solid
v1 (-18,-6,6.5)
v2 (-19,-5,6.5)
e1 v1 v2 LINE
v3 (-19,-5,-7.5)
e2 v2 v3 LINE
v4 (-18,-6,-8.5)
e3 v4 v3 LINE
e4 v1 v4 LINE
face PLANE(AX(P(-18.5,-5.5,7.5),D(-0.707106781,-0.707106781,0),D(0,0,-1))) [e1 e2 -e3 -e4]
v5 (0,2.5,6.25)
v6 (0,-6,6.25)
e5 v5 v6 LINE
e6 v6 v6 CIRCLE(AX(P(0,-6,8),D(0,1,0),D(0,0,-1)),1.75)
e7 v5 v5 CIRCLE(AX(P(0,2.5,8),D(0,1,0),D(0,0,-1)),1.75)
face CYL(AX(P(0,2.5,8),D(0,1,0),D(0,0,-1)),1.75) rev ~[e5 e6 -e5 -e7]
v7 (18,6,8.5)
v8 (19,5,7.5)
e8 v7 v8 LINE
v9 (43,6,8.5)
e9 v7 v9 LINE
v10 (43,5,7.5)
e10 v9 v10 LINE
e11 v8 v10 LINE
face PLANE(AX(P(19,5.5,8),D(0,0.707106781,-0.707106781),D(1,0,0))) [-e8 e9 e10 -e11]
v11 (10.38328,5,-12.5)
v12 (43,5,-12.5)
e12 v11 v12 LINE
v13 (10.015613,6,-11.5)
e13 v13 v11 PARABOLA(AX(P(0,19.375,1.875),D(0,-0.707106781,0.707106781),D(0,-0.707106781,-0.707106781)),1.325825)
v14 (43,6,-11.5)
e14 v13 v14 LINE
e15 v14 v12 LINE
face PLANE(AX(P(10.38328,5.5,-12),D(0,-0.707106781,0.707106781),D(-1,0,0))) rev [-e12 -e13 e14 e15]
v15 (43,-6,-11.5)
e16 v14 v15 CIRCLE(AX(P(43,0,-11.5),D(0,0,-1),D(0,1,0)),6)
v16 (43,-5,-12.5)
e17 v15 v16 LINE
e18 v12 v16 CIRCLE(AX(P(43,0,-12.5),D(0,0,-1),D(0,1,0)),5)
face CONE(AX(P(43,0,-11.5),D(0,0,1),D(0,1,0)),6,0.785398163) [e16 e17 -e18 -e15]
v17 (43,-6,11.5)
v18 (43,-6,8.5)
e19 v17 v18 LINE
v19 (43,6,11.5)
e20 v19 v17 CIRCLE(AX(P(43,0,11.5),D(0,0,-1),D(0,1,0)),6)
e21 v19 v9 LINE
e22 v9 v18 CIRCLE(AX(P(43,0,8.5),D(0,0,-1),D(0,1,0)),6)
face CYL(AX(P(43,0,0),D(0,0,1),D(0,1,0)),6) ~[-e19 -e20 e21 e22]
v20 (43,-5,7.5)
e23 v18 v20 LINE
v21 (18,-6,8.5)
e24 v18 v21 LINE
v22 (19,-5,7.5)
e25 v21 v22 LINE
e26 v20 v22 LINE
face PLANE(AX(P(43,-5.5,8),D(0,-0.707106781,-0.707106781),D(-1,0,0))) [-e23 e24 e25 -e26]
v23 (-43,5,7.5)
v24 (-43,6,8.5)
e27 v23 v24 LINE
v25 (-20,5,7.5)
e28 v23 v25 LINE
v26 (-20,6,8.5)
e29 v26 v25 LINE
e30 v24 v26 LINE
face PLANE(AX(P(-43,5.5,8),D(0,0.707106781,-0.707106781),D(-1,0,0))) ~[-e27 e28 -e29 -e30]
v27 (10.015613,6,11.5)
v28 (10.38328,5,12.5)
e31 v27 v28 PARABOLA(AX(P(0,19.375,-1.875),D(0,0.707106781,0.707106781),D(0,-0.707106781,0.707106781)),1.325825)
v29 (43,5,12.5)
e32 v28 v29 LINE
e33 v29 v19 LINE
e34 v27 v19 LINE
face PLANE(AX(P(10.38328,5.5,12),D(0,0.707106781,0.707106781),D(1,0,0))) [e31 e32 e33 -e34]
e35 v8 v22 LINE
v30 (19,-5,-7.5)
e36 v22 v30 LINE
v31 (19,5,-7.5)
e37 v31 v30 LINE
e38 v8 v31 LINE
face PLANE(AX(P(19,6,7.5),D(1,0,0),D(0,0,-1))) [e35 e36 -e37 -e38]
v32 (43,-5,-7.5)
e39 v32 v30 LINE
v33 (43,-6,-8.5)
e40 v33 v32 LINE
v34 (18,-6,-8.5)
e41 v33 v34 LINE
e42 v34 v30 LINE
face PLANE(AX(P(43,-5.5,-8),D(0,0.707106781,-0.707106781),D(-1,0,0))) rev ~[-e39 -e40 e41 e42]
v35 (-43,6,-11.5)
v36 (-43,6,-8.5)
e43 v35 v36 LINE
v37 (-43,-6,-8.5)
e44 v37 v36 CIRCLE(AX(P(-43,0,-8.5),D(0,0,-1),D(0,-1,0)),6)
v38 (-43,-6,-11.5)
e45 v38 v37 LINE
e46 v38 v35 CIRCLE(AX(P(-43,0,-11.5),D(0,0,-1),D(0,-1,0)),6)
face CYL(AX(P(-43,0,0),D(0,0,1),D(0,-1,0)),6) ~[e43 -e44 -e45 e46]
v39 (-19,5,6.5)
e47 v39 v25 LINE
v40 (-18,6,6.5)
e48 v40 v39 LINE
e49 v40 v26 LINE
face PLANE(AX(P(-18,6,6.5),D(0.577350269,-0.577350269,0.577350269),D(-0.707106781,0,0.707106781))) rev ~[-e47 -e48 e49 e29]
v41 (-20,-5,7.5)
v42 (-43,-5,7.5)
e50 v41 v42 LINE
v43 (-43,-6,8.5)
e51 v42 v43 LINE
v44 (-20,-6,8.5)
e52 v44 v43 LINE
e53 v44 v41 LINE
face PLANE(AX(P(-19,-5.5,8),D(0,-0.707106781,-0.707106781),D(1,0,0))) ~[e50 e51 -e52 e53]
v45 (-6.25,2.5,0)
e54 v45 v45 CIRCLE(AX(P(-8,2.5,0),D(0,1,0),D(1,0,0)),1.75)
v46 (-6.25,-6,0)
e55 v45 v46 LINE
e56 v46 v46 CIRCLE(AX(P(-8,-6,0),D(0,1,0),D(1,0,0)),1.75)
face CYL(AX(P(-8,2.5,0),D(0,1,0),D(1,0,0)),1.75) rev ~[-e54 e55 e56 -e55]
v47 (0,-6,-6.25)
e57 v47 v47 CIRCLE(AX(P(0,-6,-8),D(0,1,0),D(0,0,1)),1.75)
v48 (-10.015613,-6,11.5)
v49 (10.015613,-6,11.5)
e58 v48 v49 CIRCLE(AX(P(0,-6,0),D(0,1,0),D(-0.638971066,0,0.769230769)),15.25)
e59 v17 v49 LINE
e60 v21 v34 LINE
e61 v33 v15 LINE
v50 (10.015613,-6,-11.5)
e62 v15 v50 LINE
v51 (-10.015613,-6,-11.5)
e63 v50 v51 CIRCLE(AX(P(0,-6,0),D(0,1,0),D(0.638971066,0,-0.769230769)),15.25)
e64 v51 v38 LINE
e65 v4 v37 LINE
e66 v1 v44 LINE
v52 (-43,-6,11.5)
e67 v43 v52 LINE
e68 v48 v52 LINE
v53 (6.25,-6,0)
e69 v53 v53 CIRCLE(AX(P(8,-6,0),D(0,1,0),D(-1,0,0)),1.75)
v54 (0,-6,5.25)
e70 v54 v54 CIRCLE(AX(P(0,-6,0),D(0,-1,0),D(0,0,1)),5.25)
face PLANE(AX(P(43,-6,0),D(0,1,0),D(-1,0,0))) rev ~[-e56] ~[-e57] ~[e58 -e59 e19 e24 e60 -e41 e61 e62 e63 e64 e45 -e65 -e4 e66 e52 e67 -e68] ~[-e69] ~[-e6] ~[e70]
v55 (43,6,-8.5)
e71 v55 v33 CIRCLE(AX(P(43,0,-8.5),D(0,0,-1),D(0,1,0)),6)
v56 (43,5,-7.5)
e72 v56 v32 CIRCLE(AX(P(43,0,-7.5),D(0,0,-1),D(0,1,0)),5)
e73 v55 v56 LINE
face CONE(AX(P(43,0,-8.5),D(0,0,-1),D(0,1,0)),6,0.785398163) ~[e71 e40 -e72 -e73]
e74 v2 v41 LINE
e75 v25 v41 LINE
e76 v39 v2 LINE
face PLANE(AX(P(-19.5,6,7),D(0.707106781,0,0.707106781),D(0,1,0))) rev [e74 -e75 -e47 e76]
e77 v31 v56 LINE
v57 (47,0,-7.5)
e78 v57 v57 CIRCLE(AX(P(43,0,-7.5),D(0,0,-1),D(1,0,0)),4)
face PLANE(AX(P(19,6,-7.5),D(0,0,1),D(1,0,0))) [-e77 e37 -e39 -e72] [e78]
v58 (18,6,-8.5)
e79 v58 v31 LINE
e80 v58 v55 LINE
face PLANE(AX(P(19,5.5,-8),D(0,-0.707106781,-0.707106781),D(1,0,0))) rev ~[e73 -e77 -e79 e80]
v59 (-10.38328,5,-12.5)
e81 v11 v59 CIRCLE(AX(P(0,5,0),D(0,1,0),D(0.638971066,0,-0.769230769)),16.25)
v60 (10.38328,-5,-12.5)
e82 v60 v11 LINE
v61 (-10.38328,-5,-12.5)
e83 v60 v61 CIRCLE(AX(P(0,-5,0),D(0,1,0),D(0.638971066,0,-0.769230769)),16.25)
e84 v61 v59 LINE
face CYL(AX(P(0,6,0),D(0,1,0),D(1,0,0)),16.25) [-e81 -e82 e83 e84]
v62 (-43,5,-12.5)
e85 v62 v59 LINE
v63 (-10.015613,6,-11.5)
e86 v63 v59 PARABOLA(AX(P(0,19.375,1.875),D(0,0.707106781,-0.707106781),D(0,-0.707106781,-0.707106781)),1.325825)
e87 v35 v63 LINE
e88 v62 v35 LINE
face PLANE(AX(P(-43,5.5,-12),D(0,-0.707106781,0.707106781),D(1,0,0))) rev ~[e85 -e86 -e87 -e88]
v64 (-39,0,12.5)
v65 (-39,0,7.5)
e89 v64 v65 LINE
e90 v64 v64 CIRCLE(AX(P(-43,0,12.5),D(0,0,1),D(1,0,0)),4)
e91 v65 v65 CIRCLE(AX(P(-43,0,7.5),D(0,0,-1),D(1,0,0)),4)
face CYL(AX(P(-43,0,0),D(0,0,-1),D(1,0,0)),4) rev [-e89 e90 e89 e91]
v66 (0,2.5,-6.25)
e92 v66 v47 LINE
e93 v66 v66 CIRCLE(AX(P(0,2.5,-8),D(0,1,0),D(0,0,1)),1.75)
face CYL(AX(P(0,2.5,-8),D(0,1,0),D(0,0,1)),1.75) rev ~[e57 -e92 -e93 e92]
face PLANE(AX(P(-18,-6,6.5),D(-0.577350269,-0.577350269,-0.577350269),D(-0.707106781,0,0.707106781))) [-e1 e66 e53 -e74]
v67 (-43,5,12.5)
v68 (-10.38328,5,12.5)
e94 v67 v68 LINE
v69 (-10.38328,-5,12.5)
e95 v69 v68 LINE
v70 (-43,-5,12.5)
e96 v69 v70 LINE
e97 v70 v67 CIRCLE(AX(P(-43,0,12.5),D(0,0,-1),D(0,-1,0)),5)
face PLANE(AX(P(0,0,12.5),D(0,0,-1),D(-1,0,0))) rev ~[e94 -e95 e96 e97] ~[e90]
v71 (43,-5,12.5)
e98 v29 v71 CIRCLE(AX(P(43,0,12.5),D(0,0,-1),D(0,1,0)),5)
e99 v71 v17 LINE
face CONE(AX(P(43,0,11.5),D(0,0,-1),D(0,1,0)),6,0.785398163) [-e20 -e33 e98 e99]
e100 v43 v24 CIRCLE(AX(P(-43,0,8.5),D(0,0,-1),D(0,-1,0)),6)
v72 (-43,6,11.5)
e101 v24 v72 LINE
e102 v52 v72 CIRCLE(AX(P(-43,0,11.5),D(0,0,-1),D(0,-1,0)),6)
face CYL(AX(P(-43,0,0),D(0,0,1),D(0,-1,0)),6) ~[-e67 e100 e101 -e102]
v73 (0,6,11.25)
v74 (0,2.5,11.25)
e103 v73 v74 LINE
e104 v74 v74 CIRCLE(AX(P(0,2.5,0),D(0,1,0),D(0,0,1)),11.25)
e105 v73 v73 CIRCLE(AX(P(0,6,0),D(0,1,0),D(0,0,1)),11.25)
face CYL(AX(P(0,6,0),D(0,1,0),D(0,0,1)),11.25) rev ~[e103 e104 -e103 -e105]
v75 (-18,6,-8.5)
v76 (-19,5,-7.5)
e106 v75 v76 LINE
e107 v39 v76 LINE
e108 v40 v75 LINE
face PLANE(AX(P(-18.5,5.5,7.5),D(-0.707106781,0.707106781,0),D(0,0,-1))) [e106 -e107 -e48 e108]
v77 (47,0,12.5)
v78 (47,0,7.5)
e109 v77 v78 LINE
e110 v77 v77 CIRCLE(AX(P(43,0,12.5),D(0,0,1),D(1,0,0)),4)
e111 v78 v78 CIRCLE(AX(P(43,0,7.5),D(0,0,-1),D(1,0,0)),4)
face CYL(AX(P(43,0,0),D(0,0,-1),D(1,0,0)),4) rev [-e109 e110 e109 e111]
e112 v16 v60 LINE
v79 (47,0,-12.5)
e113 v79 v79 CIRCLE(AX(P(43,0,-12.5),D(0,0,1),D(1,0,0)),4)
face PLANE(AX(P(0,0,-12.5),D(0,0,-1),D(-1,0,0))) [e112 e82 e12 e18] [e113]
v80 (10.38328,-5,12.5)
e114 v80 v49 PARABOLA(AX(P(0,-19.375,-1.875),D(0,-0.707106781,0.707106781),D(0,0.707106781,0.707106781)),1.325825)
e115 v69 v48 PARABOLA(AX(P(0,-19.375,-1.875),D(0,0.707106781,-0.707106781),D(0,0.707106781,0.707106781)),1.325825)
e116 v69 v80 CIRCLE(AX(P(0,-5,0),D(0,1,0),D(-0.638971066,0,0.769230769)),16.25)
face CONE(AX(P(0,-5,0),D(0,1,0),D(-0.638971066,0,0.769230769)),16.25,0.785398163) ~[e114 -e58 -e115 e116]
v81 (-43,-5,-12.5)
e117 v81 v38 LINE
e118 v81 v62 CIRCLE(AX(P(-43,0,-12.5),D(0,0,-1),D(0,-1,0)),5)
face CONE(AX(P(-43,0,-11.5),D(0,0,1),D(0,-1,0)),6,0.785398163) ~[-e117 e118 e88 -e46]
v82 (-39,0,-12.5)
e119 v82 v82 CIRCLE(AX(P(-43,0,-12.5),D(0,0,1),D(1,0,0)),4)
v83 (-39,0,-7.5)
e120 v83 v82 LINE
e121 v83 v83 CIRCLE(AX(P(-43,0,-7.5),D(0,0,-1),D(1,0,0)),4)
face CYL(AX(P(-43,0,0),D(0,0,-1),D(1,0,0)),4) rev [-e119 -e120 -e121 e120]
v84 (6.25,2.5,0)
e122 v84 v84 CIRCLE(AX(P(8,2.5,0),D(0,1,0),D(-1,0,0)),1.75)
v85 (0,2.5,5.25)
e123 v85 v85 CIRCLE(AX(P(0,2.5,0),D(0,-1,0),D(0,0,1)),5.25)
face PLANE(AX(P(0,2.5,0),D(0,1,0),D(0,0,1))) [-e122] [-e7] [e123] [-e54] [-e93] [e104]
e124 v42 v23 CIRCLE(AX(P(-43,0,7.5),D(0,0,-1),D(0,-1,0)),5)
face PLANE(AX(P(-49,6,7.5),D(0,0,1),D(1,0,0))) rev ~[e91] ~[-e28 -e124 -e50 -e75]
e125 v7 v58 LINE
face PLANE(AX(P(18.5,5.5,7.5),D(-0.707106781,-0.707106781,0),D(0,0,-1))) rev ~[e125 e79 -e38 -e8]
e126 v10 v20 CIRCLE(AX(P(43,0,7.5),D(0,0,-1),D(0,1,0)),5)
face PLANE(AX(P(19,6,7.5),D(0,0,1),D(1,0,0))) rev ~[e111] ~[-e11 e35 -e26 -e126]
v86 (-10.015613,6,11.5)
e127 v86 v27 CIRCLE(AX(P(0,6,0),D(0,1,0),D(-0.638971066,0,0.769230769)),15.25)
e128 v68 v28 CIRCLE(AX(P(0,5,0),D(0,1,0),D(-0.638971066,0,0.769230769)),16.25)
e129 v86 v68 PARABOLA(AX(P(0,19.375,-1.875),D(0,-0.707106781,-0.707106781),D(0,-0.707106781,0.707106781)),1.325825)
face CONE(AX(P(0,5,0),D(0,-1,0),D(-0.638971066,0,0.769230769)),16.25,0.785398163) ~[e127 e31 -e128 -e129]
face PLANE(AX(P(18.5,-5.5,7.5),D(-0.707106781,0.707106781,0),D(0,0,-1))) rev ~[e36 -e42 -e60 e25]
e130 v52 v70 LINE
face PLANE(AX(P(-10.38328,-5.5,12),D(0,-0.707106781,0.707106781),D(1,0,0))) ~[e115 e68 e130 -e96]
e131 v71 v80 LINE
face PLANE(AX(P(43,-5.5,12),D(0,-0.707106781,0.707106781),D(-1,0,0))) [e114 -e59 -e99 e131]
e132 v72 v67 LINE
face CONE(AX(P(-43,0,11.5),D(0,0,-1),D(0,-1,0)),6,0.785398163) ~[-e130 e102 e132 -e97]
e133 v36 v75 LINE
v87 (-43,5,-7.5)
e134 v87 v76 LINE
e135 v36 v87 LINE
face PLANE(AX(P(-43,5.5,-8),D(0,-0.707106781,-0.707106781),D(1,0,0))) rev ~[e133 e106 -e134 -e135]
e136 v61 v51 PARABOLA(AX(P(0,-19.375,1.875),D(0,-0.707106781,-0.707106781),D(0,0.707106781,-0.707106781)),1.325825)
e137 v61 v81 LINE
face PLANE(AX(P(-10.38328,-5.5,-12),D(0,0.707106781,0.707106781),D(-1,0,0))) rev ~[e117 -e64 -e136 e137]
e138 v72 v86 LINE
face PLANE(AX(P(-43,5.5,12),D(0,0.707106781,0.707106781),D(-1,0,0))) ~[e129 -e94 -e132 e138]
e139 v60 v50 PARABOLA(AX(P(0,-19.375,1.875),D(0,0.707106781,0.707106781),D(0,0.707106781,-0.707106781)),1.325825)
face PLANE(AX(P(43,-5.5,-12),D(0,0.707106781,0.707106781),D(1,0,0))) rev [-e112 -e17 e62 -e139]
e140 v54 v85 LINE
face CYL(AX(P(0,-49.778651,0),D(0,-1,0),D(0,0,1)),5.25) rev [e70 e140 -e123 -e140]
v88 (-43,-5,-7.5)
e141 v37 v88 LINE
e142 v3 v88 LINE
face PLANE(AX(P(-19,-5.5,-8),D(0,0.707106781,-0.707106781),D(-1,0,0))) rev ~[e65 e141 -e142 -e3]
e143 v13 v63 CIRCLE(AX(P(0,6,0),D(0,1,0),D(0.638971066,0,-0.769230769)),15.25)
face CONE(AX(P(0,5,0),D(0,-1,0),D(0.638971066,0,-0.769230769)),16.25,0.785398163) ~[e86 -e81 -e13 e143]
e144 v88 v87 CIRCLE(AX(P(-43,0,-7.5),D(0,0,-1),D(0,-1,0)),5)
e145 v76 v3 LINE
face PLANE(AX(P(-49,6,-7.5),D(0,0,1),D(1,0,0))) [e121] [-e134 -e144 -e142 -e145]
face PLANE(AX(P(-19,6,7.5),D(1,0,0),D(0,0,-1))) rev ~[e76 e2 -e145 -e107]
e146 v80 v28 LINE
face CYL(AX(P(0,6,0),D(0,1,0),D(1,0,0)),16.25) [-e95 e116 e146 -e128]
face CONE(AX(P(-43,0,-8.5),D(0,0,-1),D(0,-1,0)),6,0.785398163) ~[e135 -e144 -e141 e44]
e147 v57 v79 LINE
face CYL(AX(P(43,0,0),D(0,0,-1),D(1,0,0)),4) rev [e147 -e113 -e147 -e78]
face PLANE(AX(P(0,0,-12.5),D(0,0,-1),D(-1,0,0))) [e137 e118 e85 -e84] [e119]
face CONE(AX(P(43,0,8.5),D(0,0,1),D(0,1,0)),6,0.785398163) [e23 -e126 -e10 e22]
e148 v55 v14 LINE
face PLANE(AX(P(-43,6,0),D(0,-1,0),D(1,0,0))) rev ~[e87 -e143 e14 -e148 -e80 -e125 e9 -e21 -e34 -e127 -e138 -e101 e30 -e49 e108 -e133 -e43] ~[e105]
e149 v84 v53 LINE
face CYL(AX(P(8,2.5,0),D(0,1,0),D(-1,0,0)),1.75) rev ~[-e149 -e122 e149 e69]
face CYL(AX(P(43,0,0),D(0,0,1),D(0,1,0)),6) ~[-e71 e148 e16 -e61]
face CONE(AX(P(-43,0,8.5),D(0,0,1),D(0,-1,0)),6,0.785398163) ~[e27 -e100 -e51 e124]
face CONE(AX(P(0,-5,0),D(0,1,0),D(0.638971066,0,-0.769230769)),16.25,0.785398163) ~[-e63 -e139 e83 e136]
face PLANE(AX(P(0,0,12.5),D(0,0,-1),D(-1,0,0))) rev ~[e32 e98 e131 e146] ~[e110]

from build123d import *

# Parameters (mm, degrees)
CROQUIS1_R                 = 4
SALIENTE_EXTRUIR1_DEPTH    = 12.5
CROQUIS2_W                 = 30
CROQUIS2_H                 = 15
CORTAR_EXTRUIR1_DEPTH      = 52.973550966
CROQUIS3_R                 = 4
CORTAR_EXTRUIR2_DEPTH      = 52.973550966
CROQUIS4_R                 = 11.25
CORTAR_EXTRUIR3_DEPTH      = 3.5
CORTAR_EXTRUIR4_DEPTH      = 52.278650528
CORTAR_EXTRUIR4_DEPTH_BACK = 52.278650528
CROQUIS5_R                 = 5.25
CROQUIS6_R                 = 16.25
CROQUIS6_R_2               = 11.25
SALIENTE_EXTRUIR2_DEPTH    = 12
CHAFL_N1_SIZE              = 1
SKETCH1_R                  = 1.75
CUT_EXTRUDE1_DEPTH         = 10
CIRPATTERN1_COUNT          = 4


with BuildPart() as part:
    # Croquis1 → Saliente-Extruir1 (new, symmetric)
    with BuildSketch(Plane.XY):
        with BuildLine():
            Line((-43, 6), (43, 6))
            ThreePointArc((43, 6), (49, 0), (43, -6))
            Line((43, -6), (-43, -6))
            ThreePointArc((-43, -6), (-49, 0), (-43, 6))
        make_face()
        with Locations((-43, 0)):
            Circle(CROQUIS1_R, mode=Mode.SUBTRACT)
        with Locations((43, 0)):
            Circle(CROQUIS1_R, mode=Mode.SUBTRACT)
    extrude(amount=SALIENTE_EXTRUIR1_DEPTH, both=True)

    # Croquis2 → Cortar-Extruir1 (cut, through all)
    with BuildSketch(Plane(origin=(0, 6, 0), x_dir=(1, 0, 0), z_dir=(0, 1, 0))):
        with Locations((-34, 0)):
            Rectangle(CROQUIS2_W, CROQUIS2_H)
        with Locations((34, 0)):
            Rectangle(CROQUIS2_W, CROQUIS2_H)
    extrude(amount=-CORTAR_EXTRUIR1_DEPTH, mode=Mode.SUBTRACT)

    # Croquis3 → Cortar-Extruir2 (cut, through all)
    with BuildSketch(Plane(origin=(0, 6, 0), x_dir=(1, 0, 0), z_dir=(0, 1, 0))):
        with Locations(Location((0, 0, 0), (0, 0, 270))):
            Circle(CROQUIS3_R)
    extrude(amount=-CORTAR_EXTRUIR2_DEPTH, mode=Mode.SUBTRACT)

    # Croquis4 → Cortar-Extruir3 (cut)
    with BuildSketch(Plane(origin=(0, 6, 0), x_dir=(1, 0, 0), z_dir=(0, 1, 0))):
        with Locations(Location((0, 0, 0), (0, 0, 270))):
            Circle(CROQUIS4_R)
    extrude(amount=-CORTAR_EXTRUIR3_DEPTH, mode=Mode.SUBTRACT)

    # Croquis5 → Cortar-Extruir4 (cut, two sides: drawn at the far end of the back side and taken through both)
    with BuildSketch(Plane(origin=(0, 2.5, 0), x_dir=(1, 0, 0), z_dir=(0, 1, 0)).offset(-CORTAR_EXTRUIR4_DEPTH_BACK)):
        with Locations(Location((0, 0, 0), (0, 0, 270))):
            Circle(CROQUIS5_R)
    extrude(amount=CORTAR_EXTRUIR4_DEPTH + CORTAR_EXTRUIR4_DEPTH_BACK, mode=Mode.SUBTRACT)

    # Croquis6 → Saliente-Extruir2 (add)
    with BuildSketch(Plane(origin=(0, 6, 0), x_dir=(1, 0, 0), z_dir=(0, 1, 0))):
        Circle(CROQUIS6_R)
        with Locations(Location((0, 0, 0), (0, 0, 270))):
            Circle(CROQUIS6_R_2, mode=Mode.SUBTRACT)
    extrude(amount=-SALIENTE_EXTRUIR2_DEPTH)

    # Chaflán1
    chafl_n1_edges = [part.edges().sort_by_distance(p)[0] for p in [
        (0, -6, -16.25),
        (0, 6, -16.25),
        (0, 6, 16.25),
        (0, -6, 16.25),
        (49, 0, 12.5),
        (26.691639914, 6, 12.5),
        (-49, 0, -7.5),
        (-31, -6, -7.5),
        (-49, 0, 7.5),
        (-31, -6, 7.5),
        (-19, 0, 7.5),
        (-19, -6, 0),
        (-31, 6, 7.5),
        (-19, 6, 0),
        (-31, 6, -7.5),
        (-49, 0, 12.5),
        (26.691639914, 6, -12.5),
        (31, 6, 7.5),
        (31, 6, -7.5),
        (19, 6, 0),
        (49, 0, -7.5),
        (31, -6, -7.5),
        (49, 0, 7.5),
        (31, -6, 7.5),
        (49, 0, -12.5),
        (19, -6, 0),
        (-26.691639914, -6, -12.5),
        (-49, 0, -12.5),
        (-26.691639914, -6, 12.5),
        (-26.691639914, 6, 12.5),
        (-26.691639914, 6, -12.5),
        (26.691639914, -6, -12.5),
        (26.691639914, -6, 12.5),
    ]]
    chamfer(chafl_n1_edges, length=CHAFL_N1_SIZE)

    # Sketch1 → Cut-Extrude1 (cut)
    with BuildSketch(Plane(origin=(0, 2.5, 0), x_dir=(1, 0, 0), z_dir=(0, 1, 0))):
        with Locations(Location((0, 8, 0), (0, 0, 270))):
            Circle(SKETCH1_R)
    cut_extrude1 = extrude(amount=-CUT_EXTRUDE1_DEPTH, mode=Mode.SUBTRACT)

    # CirPattern1: Cut-Extrude1 ×4 about axis
    cirpattern1_axis = Axis((0, 0, 0), (0, 1, 0))
    for i in range(1, CIRPATTERN1_COUNT):
        add(cut_extrude1.rotate(cirpattern1_axis, i * 360 / CIRPATTERN1_COUNT), mode=Mode.SUBTRACT)


solid = part.part
